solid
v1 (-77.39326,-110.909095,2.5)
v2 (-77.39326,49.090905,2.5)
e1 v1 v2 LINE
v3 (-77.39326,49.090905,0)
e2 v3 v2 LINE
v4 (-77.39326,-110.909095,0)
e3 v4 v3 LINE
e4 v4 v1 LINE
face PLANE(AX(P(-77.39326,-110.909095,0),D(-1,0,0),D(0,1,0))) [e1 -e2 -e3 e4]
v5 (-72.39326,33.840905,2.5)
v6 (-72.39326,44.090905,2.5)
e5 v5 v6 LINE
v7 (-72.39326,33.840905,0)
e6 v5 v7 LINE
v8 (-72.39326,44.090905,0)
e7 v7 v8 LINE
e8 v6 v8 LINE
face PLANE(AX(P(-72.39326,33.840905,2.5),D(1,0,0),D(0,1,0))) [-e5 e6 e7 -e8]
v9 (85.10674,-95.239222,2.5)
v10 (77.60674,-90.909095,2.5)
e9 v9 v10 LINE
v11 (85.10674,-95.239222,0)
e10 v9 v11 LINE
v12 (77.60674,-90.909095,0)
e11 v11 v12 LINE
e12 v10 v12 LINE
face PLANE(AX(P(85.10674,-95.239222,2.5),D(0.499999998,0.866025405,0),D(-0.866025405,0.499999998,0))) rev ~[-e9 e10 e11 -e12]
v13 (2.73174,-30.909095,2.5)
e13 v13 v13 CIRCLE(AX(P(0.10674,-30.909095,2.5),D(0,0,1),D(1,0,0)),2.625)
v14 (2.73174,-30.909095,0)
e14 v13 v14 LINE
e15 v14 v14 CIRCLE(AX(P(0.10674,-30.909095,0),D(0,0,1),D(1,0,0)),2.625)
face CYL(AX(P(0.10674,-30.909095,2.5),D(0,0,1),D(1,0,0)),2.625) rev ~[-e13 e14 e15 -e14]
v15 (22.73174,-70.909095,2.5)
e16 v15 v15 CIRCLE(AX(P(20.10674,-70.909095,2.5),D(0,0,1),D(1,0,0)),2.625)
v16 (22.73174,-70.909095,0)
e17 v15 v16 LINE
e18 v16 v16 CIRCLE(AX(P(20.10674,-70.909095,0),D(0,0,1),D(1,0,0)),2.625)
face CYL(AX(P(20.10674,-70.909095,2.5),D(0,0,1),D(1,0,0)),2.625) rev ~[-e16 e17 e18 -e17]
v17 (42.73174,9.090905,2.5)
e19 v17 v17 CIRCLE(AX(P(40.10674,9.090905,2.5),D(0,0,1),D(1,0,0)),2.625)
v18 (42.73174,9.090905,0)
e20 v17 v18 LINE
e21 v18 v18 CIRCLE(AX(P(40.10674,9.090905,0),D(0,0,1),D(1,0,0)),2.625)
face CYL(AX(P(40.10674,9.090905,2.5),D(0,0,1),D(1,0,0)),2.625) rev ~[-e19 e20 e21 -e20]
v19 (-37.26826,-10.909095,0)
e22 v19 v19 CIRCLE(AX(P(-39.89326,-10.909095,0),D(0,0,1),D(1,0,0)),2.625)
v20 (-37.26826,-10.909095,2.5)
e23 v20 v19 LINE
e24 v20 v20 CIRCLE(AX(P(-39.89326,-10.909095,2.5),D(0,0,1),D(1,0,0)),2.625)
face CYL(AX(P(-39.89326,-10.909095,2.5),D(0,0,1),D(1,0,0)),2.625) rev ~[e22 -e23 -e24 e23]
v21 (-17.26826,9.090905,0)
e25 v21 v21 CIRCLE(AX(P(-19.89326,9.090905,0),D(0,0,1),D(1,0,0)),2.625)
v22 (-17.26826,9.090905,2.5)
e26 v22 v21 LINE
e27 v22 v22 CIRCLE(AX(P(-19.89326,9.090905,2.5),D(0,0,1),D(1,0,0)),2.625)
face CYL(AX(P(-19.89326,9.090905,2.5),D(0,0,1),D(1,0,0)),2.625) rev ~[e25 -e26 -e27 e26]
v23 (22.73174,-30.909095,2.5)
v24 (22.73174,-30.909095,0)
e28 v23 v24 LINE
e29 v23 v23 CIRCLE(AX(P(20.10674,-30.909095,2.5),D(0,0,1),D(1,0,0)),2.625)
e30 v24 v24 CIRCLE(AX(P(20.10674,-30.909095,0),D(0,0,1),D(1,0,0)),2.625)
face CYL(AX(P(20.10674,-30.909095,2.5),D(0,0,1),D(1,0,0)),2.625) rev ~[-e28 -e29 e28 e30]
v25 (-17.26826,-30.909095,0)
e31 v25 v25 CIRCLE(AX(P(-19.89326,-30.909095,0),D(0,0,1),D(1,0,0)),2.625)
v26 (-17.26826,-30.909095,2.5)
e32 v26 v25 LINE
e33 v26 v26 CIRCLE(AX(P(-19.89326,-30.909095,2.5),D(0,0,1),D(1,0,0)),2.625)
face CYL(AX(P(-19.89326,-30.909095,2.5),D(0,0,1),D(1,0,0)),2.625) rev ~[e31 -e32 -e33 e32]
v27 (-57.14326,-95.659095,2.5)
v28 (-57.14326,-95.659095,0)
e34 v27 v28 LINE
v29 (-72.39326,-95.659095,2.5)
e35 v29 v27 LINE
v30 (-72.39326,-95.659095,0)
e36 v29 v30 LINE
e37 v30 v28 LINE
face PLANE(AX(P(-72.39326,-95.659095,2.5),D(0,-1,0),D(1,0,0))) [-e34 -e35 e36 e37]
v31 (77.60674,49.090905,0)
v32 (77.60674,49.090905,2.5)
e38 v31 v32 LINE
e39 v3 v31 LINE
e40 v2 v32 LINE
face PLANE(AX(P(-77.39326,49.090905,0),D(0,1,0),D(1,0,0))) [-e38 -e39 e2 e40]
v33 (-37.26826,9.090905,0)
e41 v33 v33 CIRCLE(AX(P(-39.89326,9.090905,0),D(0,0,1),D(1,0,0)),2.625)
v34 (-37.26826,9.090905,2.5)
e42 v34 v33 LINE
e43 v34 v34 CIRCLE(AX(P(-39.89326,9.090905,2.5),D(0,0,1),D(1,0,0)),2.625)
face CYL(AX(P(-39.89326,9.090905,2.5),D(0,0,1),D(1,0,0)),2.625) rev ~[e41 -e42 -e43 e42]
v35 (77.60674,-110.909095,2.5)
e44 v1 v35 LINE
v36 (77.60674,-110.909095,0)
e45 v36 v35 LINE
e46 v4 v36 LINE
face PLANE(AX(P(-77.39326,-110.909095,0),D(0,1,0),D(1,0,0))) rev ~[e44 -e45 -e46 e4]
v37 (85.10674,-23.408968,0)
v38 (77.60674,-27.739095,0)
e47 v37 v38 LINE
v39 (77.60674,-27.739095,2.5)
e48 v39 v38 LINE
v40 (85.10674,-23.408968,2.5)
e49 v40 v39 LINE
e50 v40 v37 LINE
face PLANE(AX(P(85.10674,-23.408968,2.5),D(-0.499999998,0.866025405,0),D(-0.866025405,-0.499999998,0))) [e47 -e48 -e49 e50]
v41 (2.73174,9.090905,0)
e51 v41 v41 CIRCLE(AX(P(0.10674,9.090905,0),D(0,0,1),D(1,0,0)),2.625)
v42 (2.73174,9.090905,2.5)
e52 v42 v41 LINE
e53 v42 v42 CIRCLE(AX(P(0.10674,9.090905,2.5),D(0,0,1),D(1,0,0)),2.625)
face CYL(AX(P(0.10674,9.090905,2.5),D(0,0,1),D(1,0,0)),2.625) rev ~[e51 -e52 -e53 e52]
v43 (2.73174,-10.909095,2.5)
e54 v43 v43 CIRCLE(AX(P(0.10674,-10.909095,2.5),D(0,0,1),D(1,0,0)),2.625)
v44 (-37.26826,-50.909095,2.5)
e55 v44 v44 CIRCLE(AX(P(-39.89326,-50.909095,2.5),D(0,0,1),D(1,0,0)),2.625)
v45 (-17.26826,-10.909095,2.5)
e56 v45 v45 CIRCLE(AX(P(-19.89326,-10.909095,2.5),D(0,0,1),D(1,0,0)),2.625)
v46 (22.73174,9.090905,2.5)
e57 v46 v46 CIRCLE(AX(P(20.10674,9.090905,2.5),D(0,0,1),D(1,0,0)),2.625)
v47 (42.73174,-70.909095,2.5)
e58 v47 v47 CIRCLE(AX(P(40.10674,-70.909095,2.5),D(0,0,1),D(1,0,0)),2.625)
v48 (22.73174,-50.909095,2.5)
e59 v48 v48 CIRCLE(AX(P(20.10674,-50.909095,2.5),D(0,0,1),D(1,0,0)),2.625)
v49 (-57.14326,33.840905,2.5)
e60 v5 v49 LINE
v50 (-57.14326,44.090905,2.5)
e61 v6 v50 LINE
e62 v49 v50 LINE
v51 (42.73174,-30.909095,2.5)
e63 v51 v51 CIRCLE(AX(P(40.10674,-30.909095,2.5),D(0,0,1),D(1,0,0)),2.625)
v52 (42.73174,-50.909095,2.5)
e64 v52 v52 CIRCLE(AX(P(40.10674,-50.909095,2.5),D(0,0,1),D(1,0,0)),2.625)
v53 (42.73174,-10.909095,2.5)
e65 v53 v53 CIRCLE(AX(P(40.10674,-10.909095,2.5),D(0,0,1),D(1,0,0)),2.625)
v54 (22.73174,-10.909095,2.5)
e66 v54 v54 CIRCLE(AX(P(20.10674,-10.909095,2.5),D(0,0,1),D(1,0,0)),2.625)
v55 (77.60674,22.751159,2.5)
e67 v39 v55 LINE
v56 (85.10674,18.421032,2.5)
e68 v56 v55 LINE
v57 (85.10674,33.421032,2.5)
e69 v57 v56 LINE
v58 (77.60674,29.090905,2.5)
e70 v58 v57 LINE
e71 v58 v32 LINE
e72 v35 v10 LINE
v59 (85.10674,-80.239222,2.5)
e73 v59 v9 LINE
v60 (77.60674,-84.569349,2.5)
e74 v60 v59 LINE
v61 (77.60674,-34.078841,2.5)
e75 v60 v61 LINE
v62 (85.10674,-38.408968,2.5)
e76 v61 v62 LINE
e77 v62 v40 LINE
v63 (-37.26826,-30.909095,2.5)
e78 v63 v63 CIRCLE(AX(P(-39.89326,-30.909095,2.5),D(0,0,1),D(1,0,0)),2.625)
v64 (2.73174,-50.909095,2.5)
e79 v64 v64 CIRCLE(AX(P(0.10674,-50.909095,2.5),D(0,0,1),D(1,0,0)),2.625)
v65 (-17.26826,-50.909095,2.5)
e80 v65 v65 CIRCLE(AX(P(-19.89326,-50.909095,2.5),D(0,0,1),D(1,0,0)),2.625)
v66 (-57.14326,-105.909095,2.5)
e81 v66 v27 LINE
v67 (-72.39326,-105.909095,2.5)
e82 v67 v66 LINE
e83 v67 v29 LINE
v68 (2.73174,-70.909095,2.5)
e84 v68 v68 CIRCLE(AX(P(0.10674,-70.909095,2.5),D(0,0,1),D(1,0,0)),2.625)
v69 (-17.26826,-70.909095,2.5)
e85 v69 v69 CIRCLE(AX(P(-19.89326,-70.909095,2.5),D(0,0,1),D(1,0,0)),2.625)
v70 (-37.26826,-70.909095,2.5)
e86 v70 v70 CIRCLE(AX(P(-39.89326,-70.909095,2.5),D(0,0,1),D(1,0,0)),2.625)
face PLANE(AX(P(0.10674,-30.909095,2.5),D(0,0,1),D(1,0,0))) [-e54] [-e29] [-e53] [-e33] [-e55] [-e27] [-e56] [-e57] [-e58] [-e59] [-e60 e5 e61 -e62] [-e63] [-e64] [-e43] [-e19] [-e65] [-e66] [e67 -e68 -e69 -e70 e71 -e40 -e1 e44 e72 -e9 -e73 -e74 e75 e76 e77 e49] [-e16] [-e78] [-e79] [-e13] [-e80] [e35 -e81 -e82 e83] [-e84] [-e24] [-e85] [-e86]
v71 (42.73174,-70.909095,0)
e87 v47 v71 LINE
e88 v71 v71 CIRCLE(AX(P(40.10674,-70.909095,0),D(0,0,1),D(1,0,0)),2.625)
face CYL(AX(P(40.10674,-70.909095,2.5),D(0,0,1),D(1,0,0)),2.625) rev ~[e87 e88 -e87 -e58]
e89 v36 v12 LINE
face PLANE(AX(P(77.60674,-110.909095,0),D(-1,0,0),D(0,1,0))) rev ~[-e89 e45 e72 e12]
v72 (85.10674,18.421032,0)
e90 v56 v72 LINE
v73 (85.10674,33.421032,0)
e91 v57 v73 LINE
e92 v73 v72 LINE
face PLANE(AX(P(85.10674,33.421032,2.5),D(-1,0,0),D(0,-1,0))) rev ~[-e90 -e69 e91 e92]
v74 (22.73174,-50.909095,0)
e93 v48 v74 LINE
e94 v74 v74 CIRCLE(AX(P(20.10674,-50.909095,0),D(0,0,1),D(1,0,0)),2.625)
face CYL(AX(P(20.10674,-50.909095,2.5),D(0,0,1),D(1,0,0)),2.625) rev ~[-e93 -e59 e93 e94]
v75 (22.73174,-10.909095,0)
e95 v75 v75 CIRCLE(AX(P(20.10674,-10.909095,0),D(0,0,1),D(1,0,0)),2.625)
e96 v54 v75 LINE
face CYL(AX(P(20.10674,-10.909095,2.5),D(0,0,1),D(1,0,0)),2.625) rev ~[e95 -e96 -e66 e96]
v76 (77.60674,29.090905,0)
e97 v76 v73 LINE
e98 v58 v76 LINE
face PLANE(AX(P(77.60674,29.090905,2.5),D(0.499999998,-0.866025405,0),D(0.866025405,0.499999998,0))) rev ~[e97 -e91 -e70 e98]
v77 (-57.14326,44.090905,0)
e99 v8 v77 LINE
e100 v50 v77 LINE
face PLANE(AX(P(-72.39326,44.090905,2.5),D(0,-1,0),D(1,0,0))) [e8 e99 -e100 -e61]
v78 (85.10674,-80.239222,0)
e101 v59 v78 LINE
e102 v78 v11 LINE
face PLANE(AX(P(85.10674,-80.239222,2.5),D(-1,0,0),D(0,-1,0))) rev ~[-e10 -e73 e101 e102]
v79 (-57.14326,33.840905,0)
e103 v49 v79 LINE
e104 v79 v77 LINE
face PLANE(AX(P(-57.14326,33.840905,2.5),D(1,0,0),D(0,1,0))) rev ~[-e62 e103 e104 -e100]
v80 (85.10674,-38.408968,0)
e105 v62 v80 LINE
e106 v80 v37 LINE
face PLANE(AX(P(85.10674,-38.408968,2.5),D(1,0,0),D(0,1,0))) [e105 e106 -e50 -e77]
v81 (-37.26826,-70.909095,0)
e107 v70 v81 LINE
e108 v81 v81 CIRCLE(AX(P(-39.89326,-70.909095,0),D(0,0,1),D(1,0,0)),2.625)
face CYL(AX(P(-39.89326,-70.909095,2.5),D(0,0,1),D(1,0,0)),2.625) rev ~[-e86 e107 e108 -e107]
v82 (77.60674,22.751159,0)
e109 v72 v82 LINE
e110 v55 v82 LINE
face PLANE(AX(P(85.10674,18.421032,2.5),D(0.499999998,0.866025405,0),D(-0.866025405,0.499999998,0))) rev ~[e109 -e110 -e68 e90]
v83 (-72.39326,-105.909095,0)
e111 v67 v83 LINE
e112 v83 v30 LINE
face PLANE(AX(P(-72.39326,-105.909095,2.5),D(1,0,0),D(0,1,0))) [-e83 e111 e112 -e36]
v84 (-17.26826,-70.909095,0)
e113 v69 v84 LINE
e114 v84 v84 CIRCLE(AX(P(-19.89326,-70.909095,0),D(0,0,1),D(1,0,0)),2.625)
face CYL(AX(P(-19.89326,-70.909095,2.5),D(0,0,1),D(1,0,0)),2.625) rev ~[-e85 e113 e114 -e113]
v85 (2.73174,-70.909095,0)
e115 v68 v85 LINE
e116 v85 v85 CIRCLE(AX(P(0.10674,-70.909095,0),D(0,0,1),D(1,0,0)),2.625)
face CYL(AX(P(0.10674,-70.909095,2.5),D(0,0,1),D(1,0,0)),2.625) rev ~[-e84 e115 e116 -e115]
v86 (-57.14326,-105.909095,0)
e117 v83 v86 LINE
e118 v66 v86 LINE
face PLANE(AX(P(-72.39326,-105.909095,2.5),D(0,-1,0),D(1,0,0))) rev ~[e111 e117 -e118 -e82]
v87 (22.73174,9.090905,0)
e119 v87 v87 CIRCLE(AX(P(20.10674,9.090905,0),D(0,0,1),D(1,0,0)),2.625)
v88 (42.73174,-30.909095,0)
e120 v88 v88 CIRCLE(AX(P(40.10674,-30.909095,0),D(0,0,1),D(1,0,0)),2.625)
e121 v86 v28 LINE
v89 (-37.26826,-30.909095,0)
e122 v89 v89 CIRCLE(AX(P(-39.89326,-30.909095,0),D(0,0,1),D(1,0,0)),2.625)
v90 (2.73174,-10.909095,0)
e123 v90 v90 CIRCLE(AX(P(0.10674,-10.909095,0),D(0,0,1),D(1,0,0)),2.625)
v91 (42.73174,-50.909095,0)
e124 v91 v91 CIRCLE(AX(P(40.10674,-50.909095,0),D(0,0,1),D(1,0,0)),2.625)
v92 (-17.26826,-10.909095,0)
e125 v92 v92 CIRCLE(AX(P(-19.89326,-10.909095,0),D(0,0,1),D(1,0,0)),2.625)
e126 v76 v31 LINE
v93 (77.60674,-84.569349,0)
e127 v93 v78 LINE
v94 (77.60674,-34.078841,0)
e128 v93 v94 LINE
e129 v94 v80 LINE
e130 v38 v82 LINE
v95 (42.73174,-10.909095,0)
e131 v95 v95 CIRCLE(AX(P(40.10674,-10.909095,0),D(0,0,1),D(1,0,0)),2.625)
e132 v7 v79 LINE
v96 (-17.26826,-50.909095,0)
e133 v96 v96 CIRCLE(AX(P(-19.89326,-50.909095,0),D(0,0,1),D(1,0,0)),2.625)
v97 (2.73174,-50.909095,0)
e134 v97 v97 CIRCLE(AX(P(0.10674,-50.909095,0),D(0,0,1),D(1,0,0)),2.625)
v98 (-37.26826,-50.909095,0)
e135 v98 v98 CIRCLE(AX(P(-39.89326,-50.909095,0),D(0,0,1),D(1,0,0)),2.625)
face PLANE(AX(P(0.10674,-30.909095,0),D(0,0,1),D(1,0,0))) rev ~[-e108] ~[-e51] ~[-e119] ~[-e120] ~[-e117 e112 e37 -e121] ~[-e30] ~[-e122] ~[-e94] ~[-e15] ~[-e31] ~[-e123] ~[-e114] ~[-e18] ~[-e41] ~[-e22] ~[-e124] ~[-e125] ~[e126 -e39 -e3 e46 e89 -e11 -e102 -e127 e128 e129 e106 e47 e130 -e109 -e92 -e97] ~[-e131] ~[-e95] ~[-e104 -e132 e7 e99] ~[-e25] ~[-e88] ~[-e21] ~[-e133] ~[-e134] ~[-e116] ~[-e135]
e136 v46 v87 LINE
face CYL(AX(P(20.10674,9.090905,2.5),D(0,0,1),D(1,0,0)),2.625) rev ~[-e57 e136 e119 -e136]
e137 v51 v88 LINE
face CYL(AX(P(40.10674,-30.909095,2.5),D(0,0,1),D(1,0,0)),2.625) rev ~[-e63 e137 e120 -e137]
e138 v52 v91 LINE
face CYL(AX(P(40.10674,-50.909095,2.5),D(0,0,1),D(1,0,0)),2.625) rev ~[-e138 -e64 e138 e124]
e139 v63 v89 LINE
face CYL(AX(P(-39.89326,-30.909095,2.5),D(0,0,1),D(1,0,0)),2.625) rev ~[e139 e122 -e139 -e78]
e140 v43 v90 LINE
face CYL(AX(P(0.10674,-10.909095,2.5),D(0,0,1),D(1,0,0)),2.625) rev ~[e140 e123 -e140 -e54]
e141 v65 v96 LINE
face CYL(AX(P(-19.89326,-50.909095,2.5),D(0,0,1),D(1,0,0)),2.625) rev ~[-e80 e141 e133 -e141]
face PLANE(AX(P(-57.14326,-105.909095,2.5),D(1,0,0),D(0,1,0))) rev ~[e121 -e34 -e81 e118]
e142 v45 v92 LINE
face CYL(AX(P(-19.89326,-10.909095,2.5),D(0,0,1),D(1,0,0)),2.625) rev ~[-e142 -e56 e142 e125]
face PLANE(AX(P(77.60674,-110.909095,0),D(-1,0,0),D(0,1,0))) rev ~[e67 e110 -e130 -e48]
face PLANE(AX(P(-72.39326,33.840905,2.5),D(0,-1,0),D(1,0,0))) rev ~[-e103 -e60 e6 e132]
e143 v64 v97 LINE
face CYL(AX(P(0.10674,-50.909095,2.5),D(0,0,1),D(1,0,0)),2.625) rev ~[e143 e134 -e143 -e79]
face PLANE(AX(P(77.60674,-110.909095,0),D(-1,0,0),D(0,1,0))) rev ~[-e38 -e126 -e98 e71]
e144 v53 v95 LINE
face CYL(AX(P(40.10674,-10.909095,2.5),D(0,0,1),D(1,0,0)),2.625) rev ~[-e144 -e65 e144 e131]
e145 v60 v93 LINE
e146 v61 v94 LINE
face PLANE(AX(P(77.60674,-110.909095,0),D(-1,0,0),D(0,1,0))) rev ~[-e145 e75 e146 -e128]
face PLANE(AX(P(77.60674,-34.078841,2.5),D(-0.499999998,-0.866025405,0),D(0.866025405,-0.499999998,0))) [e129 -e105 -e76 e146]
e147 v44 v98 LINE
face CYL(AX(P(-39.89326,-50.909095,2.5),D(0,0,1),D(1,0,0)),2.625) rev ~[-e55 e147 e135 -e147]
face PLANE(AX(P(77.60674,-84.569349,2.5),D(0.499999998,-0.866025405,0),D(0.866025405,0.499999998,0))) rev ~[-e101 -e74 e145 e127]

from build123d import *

# Parameters (mm, degrees)
SKETCH_W        = 155
SKETCH_H        = 160
PAD_DEPTH       = 2.5
SKETCH001_W     = 15.25
SKETCH001_H     = 10.25
POCKET_DEPTH    = 2.5
SKETCH002_R     = 2.625
POCKET001_DEPTH = 2.5
PAD001_DEPTH    = 2.5


with BuildPart() as part:
    # Sketch → Pad (new body)
    with BuildSketch(Plane.XY):
        with Locations((0.10674, -30.909095)):
            Rectangle(SKETCH_W, SKETCH_H)
    extrude(amount=PAD_DEPTH)

    # Sketch001 (on Face6 of Pad) → Pocket (cut)
    with BuildSketch(Plane.XY.offset(2.5)):
        with Locations((-64.76826, 38.965905)):
            Rectangle(SKETCH001_W, SKETCH001_H)
        with Locations((-64.76826, -100.784095)):
            Rectangle(SKETCH001_W, SKETCH001_H)
    extrude(amount=-POCKET_DEPTH, mode=Mode.SUBTRACT)

    # Sketch002 (on Face5 of Pocket) → Pocket001 (cut)
    with BuildSketch(Plane.XY.offset(2.5)):
        with Locations((-19.89326, -30.909095)):
            Circle(SKETCH002_R)
        with Locations((-39.89326, -30.909095)):
            Circle(SKETCH002_R)
        with Locations((0.10674, -30.909095)):
            Circle(SKETCH002_R)
        with Locations((20.10674, -30.909095)):
            Circle(SKETCH002_R)
        with Locations((40.10674, -30.909095)):
            Circle(SKETCH002_R)
        with Locations((-39.89326, -10.909095)):
            Circle(SKETCH002_R)
        with Locations((-19.89326, -10.909095)):
            Circle(SKETCH002_R)
        with Locations((0.10674, -10.909095)):
            Circle(SKETCH002_R)
        with Locations((20.10674, -10.909095)):
            Circle(SKETCH002_R)
        with Locations((40.10674, -10.909095)):
            Circle(SKETCH002_R)
        with Locations((-39.89326, -50.909095)):
            Circle(SKETCH002_R)
        with Locations((-19.89326, -50.909095)):
            Circle(SKETCH002_R)
        with Locations((0.10674, -50.909095)):
            Circle(SKETCH002_R)
        with Locations((20.10674, -50.909095)):
            Circle(SKETCH002_R)
        with Locations((40.10674, -50.909095)):
            Circle(SKETCH002_R)
        with Locations((-39.89326, -70.909095)):
            Circle(SKETCH002_R)
        with Locations((-19.89326, -70.909095)):
            Circle(SKETCH002_R)
        with Locations((0.10674, -70.909095)):
            Circle(SKETCH002_R)
        with Locations((20.10674, -70.909095)):
            Circle(SKETCH002_R)
        with Locations((40.10674, -70.909095)):
            Circle(SKETCH002_R)
        with Locations((-39.89326, 9.090905)):
            Circle(SKETCH002_R)
        with Locations((-19.89326, 9.090905)):
            Circle(SKETCH002_R)
        with Locations((0.10674, 9.090905)):
            Circle(SKETCH002_R)
        with Locations((20.10674, 9.090905)):
            Circle(SKETCH002_R)
        with Locations((40.10674, 9.090905)):
            Circle(SKETCH002_R)
    extrude(amount=-POCKET001_DEPTH, mode=Mode.SUBTRACT)

    # Sketch003 (on Face5 of Pocket001) → Pad001 (join)
    with BuildSketch(Plane.XY.offset(2.5)):
        Polygon((77.60674, -84.569349), (85.10674, -80.239222), (85.10674, -95.239222), (77.60674, -90.909095), align=None)
        Polygon((77.60674, -34.078841), (85.10674, -38.408968), (85.10674, -23.408968), (77.60674, -27.739095), align=None)
        Polygon((77.60674, 29.090905), (85.10674, 33.421032), (85.10674, 18.421032), (77.60674, 22.751159), align=None)
    extrude(amount=-PAD001_DEPTH)


solid = part.part
